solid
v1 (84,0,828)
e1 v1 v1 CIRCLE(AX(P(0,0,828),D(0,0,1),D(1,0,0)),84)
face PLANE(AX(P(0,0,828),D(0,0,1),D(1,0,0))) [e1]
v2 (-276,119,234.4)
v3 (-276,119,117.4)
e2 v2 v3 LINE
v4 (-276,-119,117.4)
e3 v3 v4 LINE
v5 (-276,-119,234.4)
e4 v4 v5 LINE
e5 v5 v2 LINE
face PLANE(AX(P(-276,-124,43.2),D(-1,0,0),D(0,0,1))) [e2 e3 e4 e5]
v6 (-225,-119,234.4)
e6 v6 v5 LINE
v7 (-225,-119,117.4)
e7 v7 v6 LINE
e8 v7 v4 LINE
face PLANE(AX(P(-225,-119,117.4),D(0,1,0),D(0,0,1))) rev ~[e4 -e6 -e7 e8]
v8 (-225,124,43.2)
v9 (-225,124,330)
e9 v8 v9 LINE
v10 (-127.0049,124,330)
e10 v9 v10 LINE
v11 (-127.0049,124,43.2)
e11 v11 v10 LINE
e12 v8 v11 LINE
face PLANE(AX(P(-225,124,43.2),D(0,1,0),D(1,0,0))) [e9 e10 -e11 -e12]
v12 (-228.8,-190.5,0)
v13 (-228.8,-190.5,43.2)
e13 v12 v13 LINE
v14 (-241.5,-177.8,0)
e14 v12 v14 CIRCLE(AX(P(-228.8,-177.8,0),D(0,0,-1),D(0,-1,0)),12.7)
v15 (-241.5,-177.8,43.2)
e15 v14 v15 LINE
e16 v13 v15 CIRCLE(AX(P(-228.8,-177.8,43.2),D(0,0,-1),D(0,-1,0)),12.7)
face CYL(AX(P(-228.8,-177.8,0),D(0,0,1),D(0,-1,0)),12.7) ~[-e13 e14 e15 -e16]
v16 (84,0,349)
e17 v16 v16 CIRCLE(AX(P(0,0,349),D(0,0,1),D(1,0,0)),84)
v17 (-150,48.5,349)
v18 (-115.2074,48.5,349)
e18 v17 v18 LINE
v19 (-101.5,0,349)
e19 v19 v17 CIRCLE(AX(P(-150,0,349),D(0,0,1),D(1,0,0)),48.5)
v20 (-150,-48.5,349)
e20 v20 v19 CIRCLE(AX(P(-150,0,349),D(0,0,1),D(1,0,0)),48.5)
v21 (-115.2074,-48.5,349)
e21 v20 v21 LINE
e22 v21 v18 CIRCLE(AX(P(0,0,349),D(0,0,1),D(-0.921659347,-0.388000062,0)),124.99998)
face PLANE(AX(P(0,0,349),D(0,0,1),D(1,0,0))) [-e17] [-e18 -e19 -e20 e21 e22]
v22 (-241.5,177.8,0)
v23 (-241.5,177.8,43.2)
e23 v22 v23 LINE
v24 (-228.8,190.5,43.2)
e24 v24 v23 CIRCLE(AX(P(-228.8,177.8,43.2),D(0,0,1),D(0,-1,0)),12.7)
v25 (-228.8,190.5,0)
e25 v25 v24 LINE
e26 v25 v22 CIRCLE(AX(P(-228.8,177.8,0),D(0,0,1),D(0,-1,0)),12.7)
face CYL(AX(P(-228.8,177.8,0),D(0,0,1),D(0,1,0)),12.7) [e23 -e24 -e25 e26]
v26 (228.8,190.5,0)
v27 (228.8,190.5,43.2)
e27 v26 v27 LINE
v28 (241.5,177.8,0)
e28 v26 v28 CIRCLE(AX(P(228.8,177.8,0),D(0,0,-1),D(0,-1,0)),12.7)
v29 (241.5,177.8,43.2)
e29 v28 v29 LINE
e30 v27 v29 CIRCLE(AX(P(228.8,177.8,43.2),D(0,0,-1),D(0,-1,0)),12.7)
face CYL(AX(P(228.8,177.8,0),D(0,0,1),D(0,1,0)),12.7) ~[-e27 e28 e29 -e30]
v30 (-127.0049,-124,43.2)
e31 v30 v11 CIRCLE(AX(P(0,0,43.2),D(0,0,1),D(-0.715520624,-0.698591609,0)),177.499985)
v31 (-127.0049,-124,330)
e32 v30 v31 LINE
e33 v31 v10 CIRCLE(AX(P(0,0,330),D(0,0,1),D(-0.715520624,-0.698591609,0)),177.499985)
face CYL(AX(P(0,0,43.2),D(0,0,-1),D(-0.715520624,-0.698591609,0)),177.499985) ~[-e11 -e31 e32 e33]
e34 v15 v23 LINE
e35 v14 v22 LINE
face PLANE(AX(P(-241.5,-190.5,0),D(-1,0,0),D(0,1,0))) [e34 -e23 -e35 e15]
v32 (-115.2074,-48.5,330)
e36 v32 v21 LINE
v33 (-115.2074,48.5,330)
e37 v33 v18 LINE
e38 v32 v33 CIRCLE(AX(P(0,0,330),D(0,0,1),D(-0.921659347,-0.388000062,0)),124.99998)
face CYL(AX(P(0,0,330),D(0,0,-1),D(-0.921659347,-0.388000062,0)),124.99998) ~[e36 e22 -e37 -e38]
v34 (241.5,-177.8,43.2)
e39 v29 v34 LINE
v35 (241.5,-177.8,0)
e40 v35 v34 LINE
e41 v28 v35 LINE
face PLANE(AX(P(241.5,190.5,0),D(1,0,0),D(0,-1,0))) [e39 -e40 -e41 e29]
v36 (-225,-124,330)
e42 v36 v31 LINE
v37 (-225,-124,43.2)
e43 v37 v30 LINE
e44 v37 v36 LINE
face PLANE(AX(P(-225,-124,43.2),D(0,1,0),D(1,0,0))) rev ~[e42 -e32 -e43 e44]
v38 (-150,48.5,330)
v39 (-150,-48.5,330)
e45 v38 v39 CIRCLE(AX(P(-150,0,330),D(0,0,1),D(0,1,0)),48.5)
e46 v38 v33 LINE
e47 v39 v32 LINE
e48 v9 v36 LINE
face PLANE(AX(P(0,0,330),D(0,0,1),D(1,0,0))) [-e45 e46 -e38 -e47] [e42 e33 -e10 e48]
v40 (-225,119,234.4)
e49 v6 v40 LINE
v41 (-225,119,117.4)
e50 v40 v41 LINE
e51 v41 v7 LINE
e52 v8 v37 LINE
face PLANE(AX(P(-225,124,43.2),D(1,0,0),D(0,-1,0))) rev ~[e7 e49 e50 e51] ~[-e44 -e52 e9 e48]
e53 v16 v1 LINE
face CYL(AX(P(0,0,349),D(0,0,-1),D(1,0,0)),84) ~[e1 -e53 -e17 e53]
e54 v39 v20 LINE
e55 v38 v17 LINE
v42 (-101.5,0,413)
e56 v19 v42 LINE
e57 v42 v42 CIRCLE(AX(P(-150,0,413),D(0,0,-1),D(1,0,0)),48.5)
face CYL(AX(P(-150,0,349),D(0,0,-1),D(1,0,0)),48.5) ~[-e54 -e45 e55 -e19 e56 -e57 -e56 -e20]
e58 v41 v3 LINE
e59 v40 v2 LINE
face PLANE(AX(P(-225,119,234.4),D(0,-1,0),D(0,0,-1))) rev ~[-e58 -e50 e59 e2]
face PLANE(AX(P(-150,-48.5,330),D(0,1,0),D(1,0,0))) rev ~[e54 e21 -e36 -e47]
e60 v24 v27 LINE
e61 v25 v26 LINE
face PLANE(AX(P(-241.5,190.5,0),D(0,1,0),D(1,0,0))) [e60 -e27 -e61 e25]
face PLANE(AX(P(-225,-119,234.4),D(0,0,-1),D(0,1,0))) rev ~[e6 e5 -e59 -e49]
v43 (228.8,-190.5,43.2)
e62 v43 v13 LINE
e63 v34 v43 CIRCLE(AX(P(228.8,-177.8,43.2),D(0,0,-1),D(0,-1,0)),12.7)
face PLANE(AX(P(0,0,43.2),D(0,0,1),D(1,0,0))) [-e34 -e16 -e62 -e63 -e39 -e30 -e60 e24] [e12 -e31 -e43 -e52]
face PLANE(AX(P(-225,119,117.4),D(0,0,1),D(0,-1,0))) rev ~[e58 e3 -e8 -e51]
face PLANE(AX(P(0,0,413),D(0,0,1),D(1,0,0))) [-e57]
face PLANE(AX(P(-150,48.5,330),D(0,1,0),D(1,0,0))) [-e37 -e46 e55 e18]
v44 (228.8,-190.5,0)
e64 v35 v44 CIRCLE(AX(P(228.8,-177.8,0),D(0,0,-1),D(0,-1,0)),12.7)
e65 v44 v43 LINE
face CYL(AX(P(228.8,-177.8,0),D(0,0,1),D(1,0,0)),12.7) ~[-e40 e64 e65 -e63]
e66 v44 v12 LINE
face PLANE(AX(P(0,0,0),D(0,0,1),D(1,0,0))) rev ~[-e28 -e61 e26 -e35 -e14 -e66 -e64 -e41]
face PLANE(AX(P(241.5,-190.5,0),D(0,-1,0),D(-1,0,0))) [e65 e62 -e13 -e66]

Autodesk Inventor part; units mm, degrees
ref_plane "YZ Plane" through (0, 0, 0) normal (1, 0, 0) x (0, 1, 0)
ref_plane "XZ Plane" through (0, 0, 0) normal (0, 1, 0) x (-1, 0, 0)
ref_plane "XY Plane" through (0, 0, 0) normal (0, 0, 1) x (1, 0, 0)
sketch "Sketch1" plane through (0, 0, 0) normal (0, 0, 1) x (1, 0, 0)
  line L0 (-241.5, 190.5) -> (241.5, 190.5)
  line L1 (241.5, 190.5) -> (241.5, -190.5)
  line L2 (241.5, -190.5) -> (-241.5, -190.5)
  line L3 (-241.5, -190.5) -> (-241.5, 190.5)
  point P0 (0, 0)
  point P1 (241.5, 0)
  point P2 (0, 190.5)
  dimension "d0" = 483
  dimension "d1" = 381
extrude "Extrusion1" add sketch "Sketch1" along normal blind 43.2
fillet "Fillet1" radius 12.7 4 edges at (241.5, 190.5, 21.6) (-241.5, 190.5, 21.6) (241.5, -190.5, 21.6) (-241.5, -190.5, 21.6)
sketch "Sketch2" plane through (0, 0, 43.2) normal (0, 0, 1) x (1, 0, 0)
  circle A0 centre (0, 0) radius 177.5 construction
  line L0 (-225, 124) -> (-225, -124)
  line L1 (-225, 124) -> (-127.0049, 124)
  line L2 (-241.5, -177.8) -> (-241.5, 177.8) projected
  line L3 (-225, -124) -> (-127.0049, -124)
  arc A1 (-127.0049, -124) -> (-127.0049, 124) centre (0, 0) ccw
  point P0 (-225, 0)
  dimension "d5" = 355
  dimension "d6" = 248
  dimension "d7" = 225
extrude "Extrusion2" add sketch "Sketch2" along normal blind 286.8
sketch "Sketch3" plane through (-225, -124, 43.2) normal (-1, 0, 0) x (0, 0, 1)
  line L0 (191.2, 243) -> (74.2, 243)
  line L1 (74.2, 243) -> (74.2, 5)
  line L2 (74.2, 5) -> (191.2, 5)
  line L3 (191.2, 5) -> (191.2, 243)
  line L4 (0, 301.8) -> (0, -53.8) projected
  point P0 (-43.2, 124)
  point P1 (191.2, 124)
  point P2 (0, 124)
  dimension "d10" = 238
  dimension "d11" = 117
  dimension "d12" = 74.2
extrude "Extrusion3" add sketch "Sketch3" along normal blind 51
sketch "Sketch4" plane through (0, 0, 330) normal (0, 0, 1) x (1, 0, 0)
  circle A0 centre (0, 0) radius 125 construction
  circle A1 centre (-150, 0) radius 48.5 construction
  line L0 (-150, 48.5) -> (-115.2074, 48.5)
  line L1 (-150, -48.5) -> (-115.2074, -48.5)
  arc A2 (-150, 48.5) -> (-150, -48.5) centre (-150, 0) ccw
  arc A3 (-115.2074, -48.5) -> (-115.2074, 48.5) centre (0, 0) ccw
  dimension "d15" = 250
  dimension "d16" = 97
  dimension "d17" = 150
extrude "Extrusion4" add sketch "Sketch4" along normal blind 19
sketch "Sketch5" plane through (0, 0, 349) normal (0, 0, 1) x (1, 0, 0)
  arc A0 (-150, 48.5) -> (-150, -48.5) centre (-150, 0) ccw projected
  circle A1 centre (-150, 0) radius 48.5
  point P0 (0, 0)
extrude "Extrusion5" add sketch "Sketch5" along normal blind 64
sketch "Sketch6" plane through (0, 0, 349) normal (0, 0, 1) x (1, 0, 0)
  circle A0 centre (0, 0) radius 84
  dimension "d22" = 168
extrude "Extrusion6" add sketch "Sketch6" along normal blind 479
properties part number "Base"
